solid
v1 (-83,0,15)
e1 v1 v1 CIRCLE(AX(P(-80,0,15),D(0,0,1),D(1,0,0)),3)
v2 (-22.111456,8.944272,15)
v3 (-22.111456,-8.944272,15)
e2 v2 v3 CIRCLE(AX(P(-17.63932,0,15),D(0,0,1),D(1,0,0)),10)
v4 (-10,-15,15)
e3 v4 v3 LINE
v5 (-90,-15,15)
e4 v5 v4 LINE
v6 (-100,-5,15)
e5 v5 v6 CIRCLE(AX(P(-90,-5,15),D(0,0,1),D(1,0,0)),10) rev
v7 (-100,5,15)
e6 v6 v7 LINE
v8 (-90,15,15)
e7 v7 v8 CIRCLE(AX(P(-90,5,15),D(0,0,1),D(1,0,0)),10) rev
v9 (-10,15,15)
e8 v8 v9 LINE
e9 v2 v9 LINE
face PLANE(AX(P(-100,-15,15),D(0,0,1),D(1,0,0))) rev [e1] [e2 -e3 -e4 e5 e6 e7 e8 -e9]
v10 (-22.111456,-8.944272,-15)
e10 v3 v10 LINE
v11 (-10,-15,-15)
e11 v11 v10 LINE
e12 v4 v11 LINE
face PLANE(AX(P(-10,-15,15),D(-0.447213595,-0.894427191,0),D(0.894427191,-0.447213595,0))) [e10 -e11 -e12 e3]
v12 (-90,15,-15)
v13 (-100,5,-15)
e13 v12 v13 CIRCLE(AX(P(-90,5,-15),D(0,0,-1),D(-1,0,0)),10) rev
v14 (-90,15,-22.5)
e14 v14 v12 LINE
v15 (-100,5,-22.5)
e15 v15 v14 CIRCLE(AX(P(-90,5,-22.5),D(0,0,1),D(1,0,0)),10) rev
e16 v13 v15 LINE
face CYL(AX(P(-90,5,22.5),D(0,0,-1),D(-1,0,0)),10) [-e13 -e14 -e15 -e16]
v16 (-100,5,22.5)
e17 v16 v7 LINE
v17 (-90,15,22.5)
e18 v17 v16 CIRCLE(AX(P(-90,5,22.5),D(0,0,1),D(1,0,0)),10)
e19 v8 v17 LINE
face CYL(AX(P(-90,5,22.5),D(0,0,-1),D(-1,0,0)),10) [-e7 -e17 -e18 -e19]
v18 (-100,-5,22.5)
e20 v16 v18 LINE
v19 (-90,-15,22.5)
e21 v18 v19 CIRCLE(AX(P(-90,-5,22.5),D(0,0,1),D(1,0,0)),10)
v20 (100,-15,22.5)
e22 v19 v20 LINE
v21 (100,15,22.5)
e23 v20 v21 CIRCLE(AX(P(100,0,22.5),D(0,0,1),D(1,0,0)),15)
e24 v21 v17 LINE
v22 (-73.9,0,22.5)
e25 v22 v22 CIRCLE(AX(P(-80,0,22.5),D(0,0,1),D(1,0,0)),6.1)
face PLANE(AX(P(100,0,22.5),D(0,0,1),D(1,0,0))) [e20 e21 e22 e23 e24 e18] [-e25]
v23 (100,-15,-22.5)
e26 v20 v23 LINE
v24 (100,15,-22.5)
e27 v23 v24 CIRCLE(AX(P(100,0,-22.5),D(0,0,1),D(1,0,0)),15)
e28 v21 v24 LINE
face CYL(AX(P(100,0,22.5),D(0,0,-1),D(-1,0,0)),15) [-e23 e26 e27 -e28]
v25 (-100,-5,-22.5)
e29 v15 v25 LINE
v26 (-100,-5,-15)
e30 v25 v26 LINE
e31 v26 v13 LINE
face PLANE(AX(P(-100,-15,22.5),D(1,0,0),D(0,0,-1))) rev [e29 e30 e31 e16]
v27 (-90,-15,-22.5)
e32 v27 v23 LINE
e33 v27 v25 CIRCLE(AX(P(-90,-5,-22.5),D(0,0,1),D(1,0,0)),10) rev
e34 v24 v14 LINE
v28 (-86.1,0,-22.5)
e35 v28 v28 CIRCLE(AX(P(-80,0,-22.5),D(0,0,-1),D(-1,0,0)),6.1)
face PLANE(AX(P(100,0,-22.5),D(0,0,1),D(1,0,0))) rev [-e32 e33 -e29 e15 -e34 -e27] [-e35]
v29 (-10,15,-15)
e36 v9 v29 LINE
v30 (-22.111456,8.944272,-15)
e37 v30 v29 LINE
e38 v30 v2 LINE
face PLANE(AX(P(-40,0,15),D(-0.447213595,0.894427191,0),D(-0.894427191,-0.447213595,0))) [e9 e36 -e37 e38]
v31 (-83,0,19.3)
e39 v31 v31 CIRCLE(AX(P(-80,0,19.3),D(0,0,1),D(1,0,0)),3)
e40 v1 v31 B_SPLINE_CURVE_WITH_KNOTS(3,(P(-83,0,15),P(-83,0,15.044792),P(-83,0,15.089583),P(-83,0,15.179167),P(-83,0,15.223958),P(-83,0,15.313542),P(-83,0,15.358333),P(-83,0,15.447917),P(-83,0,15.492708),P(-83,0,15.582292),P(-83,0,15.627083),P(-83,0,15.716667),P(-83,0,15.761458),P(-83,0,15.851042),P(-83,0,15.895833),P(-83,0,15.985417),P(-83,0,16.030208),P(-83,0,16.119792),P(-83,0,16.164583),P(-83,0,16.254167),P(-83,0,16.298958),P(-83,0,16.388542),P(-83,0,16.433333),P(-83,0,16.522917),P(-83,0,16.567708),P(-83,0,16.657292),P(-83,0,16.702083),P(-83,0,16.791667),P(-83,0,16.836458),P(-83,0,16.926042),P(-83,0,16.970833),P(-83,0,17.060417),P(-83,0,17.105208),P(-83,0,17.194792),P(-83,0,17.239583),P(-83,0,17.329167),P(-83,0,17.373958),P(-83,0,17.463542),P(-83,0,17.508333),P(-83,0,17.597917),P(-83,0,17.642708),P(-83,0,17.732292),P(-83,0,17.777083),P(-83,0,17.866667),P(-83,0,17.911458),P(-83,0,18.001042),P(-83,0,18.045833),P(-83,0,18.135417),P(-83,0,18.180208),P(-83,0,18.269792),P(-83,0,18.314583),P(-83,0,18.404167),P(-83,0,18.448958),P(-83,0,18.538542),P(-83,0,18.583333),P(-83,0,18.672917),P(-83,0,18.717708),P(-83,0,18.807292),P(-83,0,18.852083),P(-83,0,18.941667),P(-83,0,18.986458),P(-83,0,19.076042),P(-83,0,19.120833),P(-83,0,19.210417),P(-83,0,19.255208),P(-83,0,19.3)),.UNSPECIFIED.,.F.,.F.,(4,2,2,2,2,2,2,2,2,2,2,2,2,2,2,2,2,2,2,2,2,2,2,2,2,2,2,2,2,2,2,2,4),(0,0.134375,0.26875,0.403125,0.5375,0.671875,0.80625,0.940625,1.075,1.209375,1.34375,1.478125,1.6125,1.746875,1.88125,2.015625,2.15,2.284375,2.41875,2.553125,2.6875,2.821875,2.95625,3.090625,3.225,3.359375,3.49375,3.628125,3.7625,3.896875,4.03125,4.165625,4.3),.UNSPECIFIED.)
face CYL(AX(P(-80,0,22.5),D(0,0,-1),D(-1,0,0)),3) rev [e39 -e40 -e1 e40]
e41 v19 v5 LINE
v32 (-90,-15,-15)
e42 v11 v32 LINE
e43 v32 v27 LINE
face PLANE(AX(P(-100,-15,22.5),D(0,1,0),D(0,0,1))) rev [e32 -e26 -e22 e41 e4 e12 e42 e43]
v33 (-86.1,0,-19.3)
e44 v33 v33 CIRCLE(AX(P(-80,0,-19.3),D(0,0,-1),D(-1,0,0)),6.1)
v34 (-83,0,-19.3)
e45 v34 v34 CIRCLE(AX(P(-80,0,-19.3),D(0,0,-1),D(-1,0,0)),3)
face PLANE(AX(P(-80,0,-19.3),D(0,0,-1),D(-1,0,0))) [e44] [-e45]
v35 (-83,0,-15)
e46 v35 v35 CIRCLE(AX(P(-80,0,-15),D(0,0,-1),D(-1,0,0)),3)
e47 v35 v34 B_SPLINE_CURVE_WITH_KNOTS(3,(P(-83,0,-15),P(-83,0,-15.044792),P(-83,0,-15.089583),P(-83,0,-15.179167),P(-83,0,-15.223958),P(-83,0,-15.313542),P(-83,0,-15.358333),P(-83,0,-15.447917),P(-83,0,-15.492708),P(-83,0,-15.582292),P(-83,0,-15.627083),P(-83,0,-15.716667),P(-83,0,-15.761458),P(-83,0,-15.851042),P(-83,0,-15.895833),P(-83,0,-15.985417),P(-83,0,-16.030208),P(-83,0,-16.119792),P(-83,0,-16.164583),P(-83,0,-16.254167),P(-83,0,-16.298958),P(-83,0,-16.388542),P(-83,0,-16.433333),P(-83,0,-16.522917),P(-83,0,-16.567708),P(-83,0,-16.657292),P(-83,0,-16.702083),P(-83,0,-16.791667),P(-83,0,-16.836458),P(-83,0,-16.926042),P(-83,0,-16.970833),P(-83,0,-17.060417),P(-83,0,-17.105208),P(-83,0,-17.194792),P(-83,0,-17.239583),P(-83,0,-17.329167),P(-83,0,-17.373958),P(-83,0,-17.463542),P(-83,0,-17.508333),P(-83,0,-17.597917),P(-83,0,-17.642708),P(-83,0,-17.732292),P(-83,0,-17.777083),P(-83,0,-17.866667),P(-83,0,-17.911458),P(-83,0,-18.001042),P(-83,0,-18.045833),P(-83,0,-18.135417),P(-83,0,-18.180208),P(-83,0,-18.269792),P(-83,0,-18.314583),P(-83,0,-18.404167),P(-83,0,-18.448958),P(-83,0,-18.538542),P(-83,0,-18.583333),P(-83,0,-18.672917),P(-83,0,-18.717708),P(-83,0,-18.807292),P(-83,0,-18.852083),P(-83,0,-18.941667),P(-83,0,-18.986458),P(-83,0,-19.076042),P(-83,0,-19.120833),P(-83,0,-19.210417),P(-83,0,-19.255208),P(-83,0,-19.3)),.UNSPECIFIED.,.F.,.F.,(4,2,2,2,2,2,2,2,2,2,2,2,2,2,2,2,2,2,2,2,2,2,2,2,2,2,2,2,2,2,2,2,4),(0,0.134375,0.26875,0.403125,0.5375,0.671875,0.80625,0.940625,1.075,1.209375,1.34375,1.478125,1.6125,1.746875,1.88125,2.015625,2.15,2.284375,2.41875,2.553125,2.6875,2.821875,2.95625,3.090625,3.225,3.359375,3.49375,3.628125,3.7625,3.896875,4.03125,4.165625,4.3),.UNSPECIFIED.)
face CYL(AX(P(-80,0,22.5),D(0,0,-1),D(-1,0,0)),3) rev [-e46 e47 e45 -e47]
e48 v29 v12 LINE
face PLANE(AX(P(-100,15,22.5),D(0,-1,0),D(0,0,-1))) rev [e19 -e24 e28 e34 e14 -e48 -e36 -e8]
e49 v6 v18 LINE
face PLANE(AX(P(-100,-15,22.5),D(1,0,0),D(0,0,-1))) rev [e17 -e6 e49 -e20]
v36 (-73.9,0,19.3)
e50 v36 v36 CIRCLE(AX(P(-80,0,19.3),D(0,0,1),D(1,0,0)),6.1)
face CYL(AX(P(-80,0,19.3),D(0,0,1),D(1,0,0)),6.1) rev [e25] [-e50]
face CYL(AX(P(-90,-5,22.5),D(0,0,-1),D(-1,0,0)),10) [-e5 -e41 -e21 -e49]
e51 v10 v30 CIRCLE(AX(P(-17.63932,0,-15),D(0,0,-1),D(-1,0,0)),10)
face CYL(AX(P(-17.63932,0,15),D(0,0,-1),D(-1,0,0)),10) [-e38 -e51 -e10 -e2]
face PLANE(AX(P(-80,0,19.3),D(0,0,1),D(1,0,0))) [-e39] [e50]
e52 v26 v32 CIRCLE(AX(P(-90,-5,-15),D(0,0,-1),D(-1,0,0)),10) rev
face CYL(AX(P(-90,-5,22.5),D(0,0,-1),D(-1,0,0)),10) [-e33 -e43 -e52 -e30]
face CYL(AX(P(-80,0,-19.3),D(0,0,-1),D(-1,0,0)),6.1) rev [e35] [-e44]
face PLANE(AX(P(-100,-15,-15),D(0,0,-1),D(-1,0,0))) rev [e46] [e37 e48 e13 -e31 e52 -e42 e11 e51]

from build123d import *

# Parameters (mm, degrees)
SKETCH1_R           = 3
BOSS_EXTRUDE1_DEPTH = 22.5
SKETCH3_W           = 60
SKETCH3_H           = 30
CUT_EXTRUDE1_DEPTH  = 121.959704034
FILLET1_R           = 10
CUT_EXTRUDE2_DEPTH  = 30
CUT_EXTRUDE4_DEPTH  = 30
FILLET2_R           = 10
SKETCH6_R           = 6.1
CUT_EXTRUDE5_DEPTH  = 3.2
CUT_EXTRUDE6_START  = -3.2
SKETCH7_R           = 6.1
CUT_EXTRUDE6_DEPTH  = 3.2


with BuildPart() as part:
    # Sketch1 → Boss-Extrude1 (new, symmetric)
    with BuildSketch(Plane.XY):
        with BuildLine():
            Line((-100, -15), (100, -15))
            ThreePointArc((100, -15), (115, 0), (100, 15))
            Line((100, 15), (-100, 15))
            Line((-100, 15), (-100, -15))
        make_face()
        with Locations(Location((-80, 0, 0), (0, 0, 180))):
            Circle(SKETCH1_R, mode=Mode.SUBTRACT)
    extrude(amount=BOSS_EXTRUDE1_DEPTH, both=True)

    # Sketch3 → Cut-Extrude1 (cut, through all)
    with BuildSketch(Plane(origin=(0, 15, 0), x_dir=(1, 0, 0), z_dir=(0, 1, 0))):
        with Locations((-70, 0)):
            Rectangle(SKETCH3_W, SKETCH3_H)
    extrude(amount=-CUT_EXTRUDE1_DEPTH, mode=Mode.SUBTRACT)

    # Fillet1
    fillet1_edges = [part.edges().sort_by_distance(p)[0] for p in [
        (-100, -15, -18.75),
        (-100, 15, -18.75),
        (-100, -15, 18.75),
        (-100, 15, 18.75),
    ]]
    fillet(fillet1_edges, radius=FILLET1_R)

    # Sketch4 → Cut-Extrude2 (cut)
    with BuildSketch(Plane(origin=(0, 0, -15), x_dir=(-1, 0, 0), z_dir=(0, 0, -1))):
        Polygon((40, 15), (40, 0), (10, 15), align=None)
    extrude(amount=-CUT_EXTRUDE2_DEPTH, mode=Mode.SUBTRACT)

    # Sketch5 → Cut-Extrude4 (cut)
    with BuildSketch(Plane(origin=(0, 0, -15), x_dir=(-1, 0, 0), z_dir=(0, 0, -1))):
        Polygon((40, 0), (40, -15), (10, -15), align=None)
    extrude(amount=-CUT_EXTRUDE4_DEPTH, mode=Mode.SUBTRACT)

    # Fillet2
    fillet2_edges = [part.edges().sort_by_distance(p)[0] for p in [
        (-40, 0, 0),
    ]]
    fillet(fillet2_edges, radius=FILLET2_R)

    # Sketch6 → Cut-Extrude5 (cut)
    with BuildSketch(Plane.XY.offset(22.5)):
        with Locations((-80, 0)):
            Circle(SKETCH6_R)
    extrude(amount=-CUT_EXTRUDE5_DEPTH, mode=Mode.SUBTRACT)

    # Sketch7 → Cut-Extrude6 (cut)
    with BuildSketch(Plane(origin=(0, 0, -22.5), x_dir=(-1, 0, 0), z_dir=(0, 0, -1)).offset(CUT_EXTRUDE6_START)):
        with Locations(Location((80, 0, 0), (0, 0, 180))):
            Circle(SKETCH7_R)
    extrude(amount=CUT_EXTRUDE6_DEPTH, mode=Mode.SUBTRACT)


solid = part.part
